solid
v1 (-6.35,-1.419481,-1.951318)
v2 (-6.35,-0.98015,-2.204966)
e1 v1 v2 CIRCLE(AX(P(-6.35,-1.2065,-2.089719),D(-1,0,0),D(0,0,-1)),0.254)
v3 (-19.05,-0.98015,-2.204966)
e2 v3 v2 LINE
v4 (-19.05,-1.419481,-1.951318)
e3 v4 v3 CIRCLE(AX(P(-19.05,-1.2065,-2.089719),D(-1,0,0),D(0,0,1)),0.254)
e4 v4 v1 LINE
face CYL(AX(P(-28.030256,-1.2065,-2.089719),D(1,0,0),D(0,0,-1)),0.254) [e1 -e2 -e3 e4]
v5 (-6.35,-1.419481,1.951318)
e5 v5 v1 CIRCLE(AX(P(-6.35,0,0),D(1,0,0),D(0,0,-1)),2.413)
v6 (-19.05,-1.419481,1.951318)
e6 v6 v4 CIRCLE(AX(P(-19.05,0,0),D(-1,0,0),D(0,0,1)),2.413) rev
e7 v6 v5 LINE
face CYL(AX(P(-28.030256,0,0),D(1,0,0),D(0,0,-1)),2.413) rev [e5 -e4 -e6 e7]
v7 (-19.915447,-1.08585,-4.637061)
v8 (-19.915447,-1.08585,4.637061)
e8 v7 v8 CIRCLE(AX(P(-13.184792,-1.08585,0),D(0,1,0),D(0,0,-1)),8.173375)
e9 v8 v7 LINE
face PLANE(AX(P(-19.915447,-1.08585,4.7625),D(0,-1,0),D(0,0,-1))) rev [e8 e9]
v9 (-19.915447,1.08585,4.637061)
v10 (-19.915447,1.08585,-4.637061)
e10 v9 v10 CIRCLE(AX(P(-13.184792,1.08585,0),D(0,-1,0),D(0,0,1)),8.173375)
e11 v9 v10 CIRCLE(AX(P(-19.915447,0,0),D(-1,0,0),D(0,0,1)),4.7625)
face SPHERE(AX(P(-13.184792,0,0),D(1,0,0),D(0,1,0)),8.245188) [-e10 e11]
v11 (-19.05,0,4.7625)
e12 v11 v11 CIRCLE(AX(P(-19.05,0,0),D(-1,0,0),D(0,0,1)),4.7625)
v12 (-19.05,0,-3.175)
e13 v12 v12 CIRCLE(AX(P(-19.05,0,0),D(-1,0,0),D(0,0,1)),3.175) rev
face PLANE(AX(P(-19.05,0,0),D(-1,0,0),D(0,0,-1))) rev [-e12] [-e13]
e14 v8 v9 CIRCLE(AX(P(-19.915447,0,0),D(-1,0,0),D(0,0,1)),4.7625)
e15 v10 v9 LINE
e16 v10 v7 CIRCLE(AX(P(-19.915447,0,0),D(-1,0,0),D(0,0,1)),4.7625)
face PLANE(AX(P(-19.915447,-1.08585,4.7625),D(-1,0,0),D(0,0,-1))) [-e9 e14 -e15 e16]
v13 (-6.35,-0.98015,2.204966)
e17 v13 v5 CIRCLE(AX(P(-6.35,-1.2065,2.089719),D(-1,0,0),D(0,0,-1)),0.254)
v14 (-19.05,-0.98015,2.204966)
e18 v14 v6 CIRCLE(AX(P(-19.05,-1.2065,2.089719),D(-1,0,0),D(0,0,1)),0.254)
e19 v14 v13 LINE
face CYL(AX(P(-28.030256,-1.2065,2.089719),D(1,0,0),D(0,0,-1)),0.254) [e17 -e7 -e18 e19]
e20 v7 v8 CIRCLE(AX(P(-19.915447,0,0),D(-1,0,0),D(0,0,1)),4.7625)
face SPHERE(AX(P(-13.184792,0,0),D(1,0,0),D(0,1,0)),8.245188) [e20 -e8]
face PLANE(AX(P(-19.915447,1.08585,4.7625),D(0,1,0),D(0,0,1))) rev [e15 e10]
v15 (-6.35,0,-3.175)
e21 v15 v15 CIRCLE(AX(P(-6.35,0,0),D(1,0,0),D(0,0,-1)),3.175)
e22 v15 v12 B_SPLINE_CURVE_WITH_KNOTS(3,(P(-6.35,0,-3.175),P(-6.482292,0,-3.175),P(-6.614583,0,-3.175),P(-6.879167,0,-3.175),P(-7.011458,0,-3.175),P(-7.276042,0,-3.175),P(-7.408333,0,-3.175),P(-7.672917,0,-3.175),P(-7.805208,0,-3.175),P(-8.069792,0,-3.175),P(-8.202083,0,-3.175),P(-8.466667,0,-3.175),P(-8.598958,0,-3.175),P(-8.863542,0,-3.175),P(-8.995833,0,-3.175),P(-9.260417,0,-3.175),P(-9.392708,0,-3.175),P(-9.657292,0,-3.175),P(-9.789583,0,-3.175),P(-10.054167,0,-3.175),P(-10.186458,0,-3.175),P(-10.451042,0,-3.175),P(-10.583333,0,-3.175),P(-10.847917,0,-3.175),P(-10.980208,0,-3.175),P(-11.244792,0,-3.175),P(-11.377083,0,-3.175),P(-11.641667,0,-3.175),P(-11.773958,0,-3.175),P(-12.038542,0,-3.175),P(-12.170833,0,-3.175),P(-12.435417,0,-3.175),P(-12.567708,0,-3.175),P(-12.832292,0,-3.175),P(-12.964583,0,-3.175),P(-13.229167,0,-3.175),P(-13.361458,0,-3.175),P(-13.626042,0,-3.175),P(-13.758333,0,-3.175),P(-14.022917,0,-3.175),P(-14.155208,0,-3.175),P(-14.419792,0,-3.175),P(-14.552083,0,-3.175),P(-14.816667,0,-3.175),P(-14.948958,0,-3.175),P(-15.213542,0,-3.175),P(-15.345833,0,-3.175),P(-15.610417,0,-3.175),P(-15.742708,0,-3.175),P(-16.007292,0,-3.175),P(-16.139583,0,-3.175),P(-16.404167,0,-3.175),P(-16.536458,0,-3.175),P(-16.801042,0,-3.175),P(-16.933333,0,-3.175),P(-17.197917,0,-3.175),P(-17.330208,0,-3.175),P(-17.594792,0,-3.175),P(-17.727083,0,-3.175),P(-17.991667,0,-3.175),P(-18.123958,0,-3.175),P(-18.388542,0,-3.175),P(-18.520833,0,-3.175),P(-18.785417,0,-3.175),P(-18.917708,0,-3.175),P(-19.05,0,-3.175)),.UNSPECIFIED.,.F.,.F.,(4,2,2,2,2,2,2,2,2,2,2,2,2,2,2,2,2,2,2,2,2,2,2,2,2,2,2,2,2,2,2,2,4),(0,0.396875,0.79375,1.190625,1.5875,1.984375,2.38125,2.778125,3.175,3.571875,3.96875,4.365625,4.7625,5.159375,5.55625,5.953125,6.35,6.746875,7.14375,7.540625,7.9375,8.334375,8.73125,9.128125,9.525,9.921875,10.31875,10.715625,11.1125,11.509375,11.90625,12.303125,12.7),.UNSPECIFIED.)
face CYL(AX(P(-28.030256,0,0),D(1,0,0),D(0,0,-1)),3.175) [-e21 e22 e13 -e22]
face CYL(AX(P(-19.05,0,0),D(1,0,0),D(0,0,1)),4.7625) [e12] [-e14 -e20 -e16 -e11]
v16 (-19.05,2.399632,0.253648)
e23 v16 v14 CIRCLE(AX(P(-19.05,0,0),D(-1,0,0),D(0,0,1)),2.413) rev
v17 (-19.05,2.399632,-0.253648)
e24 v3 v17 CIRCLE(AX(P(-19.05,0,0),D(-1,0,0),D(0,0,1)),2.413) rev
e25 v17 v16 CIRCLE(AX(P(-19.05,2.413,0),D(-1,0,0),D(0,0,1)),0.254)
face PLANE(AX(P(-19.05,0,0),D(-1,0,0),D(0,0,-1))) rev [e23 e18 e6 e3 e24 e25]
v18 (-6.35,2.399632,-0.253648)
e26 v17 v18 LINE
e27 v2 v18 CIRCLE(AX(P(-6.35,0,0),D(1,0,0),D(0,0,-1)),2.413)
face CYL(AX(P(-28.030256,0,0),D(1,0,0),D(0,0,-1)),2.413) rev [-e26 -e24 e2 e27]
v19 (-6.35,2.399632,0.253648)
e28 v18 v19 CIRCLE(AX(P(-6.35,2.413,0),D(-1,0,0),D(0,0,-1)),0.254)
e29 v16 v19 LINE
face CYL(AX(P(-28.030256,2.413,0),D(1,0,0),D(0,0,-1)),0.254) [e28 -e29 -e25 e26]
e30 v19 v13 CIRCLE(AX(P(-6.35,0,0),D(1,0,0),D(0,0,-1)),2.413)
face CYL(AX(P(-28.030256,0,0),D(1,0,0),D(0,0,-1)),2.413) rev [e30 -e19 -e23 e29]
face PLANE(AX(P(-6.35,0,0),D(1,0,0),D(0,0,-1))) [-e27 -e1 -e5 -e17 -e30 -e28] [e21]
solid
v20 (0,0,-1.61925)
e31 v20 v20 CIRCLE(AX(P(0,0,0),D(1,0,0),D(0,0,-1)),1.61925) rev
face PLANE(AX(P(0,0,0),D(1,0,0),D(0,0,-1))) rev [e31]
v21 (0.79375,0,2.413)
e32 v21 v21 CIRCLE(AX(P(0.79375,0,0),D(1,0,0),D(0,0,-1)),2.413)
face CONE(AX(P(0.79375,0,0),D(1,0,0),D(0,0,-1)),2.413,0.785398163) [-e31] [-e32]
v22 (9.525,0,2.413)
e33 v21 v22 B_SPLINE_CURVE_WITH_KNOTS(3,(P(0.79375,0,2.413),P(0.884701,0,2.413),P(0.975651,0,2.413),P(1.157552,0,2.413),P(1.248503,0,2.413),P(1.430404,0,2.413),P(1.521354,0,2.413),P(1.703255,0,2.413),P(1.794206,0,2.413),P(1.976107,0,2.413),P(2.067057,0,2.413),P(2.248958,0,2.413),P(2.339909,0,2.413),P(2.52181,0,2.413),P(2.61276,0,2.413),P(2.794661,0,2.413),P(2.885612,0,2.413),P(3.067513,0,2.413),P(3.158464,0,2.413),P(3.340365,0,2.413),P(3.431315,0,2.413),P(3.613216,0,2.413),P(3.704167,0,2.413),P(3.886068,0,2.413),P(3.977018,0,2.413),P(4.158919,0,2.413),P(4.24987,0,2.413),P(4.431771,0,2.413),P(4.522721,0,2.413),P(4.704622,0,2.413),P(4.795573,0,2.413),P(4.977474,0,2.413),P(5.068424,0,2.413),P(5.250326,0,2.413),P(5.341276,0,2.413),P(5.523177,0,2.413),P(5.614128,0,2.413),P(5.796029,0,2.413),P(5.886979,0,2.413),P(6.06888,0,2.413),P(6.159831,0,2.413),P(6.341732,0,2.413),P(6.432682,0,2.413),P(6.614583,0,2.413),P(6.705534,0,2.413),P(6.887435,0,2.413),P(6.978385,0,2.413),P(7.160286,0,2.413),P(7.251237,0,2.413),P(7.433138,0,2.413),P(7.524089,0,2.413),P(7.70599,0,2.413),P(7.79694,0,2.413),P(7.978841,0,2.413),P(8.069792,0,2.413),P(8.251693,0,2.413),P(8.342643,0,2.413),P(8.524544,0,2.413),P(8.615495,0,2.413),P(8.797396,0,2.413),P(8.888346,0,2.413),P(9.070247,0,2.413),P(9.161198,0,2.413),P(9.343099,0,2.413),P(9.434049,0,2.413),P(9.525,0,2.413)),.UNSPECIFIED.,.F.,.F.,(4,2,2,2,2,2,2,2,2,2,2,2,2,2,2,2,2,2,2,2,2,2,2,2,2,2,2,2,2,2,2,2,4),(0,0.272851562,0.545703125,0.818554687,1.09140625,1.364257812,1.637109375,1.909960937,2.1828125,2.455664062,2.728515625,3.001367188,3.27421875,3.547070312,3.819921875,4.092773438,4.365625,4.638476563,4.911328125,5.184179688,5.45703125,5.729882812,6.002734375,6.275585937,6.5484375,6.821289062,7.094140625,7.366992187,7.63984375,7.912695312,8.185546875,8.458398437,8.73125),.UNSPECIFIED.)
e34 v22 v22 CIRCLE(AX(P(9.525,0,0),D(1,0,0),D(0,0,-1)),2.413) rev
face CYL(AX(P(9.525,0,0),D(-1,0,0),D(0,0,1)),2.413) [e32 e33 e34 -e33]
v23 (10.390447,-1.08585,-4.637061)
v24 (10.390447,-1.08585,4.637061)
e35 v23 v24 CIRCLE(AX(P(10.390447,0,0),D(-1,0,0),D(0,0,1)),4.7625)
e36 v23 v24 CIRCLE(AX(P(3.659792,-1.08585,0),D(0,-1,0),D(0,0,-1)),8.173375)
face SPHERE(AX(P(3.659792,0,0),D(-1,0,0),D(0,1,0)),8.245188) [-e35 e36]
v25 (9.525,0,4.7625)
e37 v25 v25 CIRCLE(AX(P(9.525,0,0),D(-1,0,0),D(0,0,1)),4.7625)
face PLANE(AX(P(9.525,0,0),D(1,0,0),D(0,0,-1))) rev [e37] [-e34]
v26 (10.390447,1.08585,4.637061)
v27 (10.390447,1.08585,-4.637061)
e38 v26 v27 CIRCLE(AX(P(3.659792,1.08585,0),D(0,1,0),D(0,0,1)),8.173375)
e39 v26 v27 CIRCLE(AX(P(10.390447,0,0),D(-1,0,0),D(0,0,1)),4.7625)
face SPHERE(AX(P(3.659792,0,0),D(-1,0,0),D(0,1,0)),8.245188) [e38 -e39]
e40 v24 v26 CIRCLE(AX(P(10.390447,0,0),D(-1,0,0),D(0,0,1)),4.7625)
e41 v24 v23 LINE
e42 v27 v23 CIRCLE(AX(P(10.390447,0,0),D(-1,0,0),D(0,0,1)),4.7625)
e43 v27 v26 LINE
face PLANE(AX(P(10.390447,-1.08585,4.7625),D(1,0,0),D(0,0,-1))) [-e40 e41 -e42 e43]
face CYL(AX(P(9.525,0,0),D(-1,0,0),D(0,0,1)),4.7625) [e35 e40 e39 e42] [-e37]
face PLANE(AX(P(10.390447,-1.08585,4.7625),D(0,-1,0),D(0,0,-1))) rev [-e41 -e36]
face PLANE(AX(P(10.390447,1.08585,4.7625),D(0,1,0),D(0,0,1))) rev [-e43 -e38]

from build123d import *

# Parameters (mm, degrees)
SKETCH2_R           = 2.413
BOSS_EXTRUDE1_DEPTH = 9.525
CHAMFER1_SIZE       = 0.79375
SKETCH17_W          = 9.525
SKETCH17_H          = 2.1717
CUT_EXTRUDE5_DEPTH  = 1.514533
BOSS_EXTRUDE3_REACH = 21.39
SKETCH11_R          = 3.175


with BuildPart() as part:
    # Sketch2 → Boss-Extrude1 (new body)
    with BuildSketch(Plane(origin=(0, 0, 0), x_dir=(0, 0, -1), z_dir=(1, 0, 0))):
        with Locations(Location((0, 0, 0), (0, 0, 180))):
            Circle(SKETCH2_R)
    extrude(amount=BOSS_EXTRUDE1_DEPTH)

    # Chamfer1
    chamfer1_edges = [part.edges().sort_by_distance(p)[0] for p in [
        (0, 0, -2.413),
    ]]
    chamfer(chamfer1_edges, length=CHAMFER1_SIZE)


with BuildPart() as body_2:
    # Sketch6 → Revolve1 (revolve)
    with BuildSketch(Plane.XY):
        with BuildLine():
            Line((9.525, 0), (9.525, 4.7625))
            Line((9.525, 4.7625), (10.390447273, 4.7625))
            ThreePointArc((10.390447273, 4.7625), (11.517229345, 2.498760474), (11.90498, 0))
            Line((11.90498, 0), (9.525, 0))
        make_face()
    revolve(axis=Axis((9.525, 0, 0), (1, 0, 0)))

    # Sketch17 → Cut-Extrude5 (cut)
    with BuildSketch(Plane(origin=(11.90498, 0, 0), x_dir=(0, 0, -1), z_dir=(1, 0, 0))):
        Rectangle(SKETCH17_W, SKETCH17_H)
    extrude(amount=-CUT_EXTRUDE5_DEPTH, mode=Mode.SUBTRACT)


with BuildPart() as body_3:
    # Mirror1: mirrored copy
    add(body_2.part.mirror(Plane(origin=(-4.7625, 0, 0), x_dir=(0, 0, 1), z_dir=(1, 0, 0))))


with BuildPart() as body_4:

    # Sketch11 → Boss-Extrude3 (new, up to next)
    with BuildSketch(Plane(origin=(-6.35, 0, 0), x_dir=(0, 0, -1), z_dir=(1, 0, 0)), mode=Mode.PRIVATE) as boss_extrude3_sk1:
        Circle(SKETCH11_R)
        with BuildLine():
            ThreePointArc((-0.253647955, 2.399631579), (-2.089719299, 1.2065), (-2.204965885, -0.980150216))
            ThreePointArc((-2.204965885, -0.980150216), (-1.869748847, -1.0795), (-1.951317929, -1.419481363))
            ThreePointArc((-1.951317929, -1.419481363), (0, -2.413), (1.951317929, -1.419481363))
            ThreePointArc((1.951317929, -1.419481363), (1.869748847, -1.0795), (2.204965885, -0.980150216))
            ThreePointArc((2.204965885, -0.980150216), (2.089719299, 1.2065), (0.253647955, 2.399631579))
            ThreePointArc((0.253647955, 2.399631579), (0, 2.159), (-0.253647955, 2.399631579))
        make_face(mode=Mode.SUBTRACT)
    boss_extrude3_tool1 = extrude(boss_extrude3_sk1.sketch, amount=-BOSS_EXTRUDE3_REACH, mode=Mode.PRIVATE) - body_3.part
    add(boss_extrude3_tool1.solids().sort_by_distance((-6.35, 0, 3.085197))[0])

    # Combine1: union body 3
    add(body_3.part)


with BuildPart() as body_2_1:
    add(body_2.part)

    # Combine2: union part
    add(part.part)


solid = Compound([body_4.part, body_2_1.part])
